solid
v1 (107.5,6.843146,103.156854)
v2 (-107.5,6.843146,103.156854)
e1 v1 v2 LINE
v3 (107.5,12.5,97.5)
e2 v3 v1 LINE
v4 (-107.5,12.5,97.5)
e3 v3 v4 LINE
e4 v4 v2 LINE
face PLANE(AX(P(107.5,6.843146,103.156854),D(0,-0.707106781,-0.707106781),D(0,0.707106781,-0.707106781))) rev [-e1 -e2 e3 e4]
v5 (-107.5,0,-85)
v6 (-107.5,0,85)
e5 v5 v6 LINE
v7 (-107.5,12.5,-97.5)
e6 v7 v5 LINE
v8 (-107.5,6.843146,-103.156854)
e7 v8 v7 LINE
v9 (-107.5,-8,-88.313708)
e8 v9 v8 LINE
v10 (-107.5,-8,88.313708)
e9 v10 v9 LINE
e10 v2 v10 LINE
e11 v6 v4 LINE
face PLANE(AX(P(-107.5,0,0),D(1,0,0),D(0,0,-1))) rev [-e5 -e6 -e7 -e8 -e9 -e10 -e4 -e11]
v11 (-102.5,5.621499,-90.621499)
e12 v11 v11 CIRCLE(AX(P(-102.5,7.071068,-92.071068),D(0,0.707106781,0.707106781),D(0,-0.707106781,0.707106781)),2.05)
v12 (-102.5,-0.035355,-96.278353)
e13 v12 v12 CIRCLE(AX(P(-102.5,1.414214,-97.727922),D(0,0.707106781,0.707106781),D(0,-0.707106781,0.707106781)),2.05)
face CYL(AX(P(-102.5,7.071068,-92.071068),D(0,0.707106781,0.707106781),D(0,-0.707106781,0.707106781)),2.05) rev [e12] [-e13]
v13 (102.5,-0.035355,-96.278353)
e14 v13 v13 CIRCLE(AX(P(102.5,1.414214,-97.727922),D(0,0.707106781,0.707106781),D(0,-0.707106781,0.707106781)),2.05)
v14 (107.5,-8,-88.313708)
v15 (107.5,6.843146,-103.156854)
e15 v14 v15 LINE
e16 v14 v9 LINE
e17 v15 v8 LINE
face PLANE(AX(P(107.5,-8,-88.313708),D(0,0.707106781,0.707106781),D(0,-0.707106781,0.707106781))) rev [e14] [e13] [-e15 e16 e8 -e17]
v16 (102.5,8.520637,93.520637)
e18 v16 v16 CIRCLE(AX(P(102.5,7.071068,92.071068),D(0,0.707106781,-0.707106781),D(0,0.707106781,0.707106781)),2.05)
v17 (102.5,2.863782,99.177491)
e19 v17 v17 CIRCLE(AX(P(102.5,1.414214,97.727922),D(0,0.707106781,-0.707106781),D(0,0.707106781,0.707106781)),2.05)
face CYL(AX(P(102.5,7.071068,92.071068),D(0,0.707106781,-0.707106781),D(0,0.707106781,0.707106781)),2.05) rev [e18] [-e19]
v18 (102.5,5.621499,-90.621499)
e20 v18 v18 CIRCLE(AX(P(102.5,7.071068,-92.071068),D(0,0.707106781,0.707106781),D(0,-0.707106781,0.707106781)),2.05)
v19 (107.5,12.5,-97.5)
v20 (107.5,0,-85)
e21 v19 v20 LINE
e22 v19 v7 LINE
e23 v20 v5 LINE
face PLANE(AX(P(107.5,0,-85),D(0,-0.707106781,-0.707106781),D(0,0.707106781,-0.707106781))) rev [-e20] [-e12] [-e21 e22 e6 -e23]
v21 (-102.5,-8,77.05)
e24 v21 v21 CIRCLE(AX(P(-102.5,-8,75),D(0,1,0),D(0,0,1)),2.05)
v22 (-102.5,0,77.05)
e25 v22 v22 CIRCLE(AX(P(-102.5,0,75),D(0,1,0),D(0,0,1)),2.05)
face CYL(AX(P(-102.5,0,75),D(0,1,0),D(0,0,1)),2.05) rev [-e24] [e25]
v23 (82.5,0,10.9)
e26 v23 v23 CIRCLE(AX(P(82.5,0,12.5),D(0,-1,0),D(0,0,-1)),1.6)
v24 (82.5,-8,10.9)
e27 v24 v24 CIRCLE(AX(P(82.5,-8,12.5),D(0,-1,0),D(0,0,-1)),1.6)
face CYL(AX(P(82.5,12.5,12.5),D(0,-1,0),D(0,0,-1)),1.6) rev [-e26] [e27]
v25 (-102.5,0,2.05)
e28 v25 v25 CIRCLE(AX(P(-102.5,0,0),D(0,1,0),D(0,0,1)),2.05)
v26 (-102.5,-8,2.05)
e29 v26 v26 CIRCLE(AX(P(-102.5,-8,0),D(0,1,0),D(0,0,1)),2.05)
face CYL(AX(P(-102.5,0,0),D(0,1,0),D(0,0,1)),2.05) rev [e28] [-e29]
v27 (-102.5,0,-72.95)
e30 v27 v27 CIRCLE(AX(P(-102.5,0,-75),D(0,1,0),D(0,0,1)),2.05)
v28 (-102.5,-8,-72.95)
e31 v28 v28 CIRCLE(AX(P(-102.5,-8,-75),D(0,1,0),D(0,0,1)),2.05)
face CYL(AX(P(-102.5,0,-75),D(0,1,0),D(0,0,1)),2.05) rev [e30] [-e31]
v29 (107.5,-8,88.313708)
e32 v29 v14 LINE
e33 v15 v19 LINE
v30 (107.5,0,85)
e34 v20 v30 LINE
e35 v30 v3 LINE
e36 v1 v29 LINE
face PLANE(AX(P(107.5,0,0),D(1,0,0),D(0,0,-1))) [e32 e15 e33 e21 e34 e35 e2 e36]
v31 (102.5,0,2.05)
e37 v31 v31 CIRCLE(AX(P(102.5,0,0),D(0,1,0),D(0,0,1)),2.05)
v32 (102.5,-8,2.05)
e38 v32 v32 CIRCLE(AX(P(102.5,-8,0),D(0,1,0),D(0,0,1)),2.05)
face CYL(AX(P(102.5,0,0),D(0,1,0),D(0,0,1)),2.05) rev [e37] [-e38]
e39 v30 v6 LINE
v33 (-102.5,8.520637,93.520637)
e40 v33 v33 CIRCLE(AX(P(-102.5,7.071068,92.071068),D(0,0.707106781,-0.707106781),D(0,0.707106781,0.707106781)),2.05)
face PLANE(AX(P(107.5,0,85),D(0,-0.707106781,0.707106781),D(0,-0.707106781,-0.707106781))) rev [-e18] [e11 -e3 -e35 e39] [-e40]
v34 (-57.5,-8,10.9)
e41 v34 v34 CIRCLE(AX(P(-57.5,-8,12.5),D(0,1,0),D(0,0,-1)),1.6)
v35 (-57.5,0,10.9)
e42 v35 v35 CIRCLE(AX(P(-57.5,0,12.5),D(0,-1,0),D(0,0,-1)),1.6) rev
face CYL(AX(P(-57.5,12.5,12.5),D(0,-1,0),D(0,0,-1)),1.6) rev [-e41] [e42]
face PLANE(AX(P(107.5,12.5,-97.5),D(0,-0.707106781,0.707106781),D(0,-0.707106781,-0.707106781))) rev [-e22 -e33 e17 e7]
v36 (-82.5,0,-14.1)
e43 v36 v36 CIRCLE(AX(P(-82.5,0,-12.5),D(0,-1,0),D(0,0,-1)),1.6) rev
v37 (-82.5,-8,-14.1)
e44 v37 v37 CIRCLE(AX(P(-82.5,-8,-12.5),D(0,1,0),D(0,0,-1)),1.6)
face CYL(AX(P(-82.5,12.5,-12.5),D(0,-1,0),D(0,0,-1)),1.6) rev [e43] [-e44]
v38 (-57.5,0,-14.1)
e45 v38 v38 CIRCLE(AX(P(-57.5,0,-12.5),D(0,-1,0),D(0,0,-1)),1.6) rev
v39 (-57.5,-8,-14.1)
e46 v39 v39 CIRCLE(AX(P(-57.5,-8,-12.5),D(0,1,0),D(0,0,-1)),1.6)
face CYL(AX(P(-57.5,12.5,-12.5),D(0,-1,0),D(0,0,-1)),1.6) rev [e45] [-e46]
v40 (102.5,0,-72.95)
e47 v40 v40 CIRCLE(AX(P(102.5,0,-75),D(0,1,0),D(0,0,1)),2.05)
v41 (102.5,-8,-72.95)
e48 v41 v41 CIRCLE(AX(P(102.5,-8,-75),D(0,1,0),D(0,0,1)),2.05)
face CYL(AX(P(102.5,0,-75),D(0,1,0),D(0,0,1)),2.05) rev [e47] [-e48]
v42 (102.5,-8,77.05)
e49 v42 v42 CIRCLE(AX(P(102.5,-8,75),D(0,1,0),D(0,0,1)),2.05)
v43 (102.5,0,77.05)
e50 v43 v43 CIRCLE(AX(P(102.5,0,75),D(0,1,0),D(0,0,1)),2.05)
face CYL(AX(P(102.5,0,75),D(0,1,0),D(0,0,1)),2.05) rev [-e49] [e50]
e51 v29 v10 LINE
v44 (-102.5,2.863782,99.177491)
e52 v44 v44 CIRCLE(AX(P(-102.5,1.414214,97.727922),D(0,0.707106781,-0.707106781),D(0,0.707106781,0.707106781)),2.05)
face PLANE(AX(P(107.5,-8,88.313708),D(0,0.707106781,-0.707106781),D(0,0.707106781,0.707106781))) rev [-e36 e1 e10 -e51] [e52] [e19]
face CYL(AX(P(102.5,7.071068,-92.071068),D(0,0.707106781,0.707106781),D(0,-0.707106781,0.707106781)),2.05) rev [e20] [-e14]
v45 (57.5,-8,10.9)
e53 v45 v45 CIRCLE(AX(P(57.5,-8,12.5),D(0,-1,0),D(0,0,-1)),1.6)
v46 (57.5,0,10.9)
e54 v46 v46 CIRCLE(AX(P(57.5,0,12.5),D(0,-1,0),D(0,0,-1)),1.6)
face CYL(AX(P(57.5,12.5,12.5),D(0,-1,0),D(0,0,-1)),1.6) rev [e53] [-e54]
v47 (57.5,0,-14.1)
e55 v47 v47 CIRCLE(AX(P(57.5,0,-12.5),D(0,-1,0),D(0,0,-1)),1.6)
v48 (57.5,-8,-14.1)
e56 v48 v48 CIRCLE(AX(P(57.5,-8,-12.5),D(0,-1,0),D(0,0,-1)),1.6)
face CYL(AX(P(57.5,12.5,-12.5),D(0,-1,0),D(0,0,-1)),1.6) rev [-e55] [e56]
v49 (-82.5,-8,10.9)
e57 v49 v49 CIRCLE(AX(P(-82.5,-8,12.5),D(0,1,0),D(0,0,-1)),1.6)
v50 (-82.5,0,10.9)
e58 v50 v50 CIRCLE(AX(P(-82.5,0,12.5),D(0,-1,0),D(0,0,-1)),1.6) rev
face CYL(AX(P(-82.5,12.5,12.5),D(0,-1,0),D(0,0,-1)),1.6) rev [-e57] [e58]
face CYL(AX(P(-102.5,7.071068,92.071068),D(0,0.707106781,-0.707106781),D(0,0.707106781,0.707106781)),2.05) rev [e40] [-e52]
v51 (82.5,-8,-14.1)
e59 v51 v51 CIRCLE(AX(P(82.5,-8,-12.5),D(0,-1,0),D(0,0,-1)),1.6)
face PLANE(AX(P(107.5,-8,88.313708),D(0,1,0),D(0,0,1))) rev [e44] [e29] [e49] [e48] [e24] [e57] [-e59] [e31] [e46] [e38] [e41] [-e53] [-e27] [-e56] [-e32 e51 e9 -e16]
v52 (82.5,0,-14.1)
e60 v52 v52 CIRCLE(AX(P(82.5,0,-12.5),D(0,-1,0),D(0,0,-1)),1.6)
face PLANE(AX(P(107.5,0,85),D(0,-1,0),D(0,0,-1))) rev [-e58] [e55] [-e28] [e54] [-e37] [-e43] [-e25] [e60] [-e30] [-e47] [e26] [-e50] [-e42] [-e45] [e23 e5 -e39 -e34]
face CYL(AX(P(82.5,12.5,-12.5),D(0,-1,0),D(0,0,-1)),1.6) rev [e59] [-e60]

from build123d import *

# Parameters (mm, degrees)
MAIN_DEPTH                      = 107.5
F_4_0MM_DOWEL_HOLE1_D           = 4.1
F_4_0MM_DOWEL_HOLE1_ON_FACE_2_D = 4.1
F_4_0MM_DOWEL_HOLE1_ON_FACE_3_D = 4.1
F_4_0MM_DOWEL_HOLE1_ON_FACE_4_D = 4.1
SKETCH4_R                       = 1.6
ATTACHMENT_SCREW_HOLES_DEPTH    = 151.392275662


with BuildPart() as part:
    # Sketch2 → Main (new, symmetric)
    with BuildSketch(Plane(origin=(0, 0, 0), x_dir=(0, 0, -1), z_dir=(1, 0, 0))):
        Polygon((-85, 0), (85, 0), (97.5, 12.5), (103.156854249, 6.843145751), (88.313708499, -8), (-88.313708499, -8), (-103.156854249, 6.843145751), (-97.5, 12.5), align=None)
    extrude(amount=MAIN_DEPTH, both=True)

    # Ø4.0mm Dowel Hole1 (through all)
    with Locations(Plane(origin=(-102.5, 7.071067812, -92.071067812), x_dir=(0, 0.707106781187, -0.707106781187), z_dir=(0, 0.707106781187, 0.707106781187))):
        with Locations((0, 0)):
            Hole(F_4_0MM_DOWEL_HOLE1_D / 2)

    # Ø4.0mm Dowel Hole1 on face 2 (through all)
    with Locations(Plane(origin=(-102.5, 0, -75), x_dir=(0, 0, 1), z_dir=(0, 1, 0))):
        with Locations((0, 0), (75, 0), (150, 0), (150, 205), (75, 205), (0, 205)):
            Hole(F_4_0MM_DOWEL_HOLE1_ON_FACE_2_D / 2)

    # Ø4.0mm Dowel Hole1 on face 3 (through all)
    with Locations(Plane(origin=(-102.5, 7.071067812, 92.071067812), x_dir=(0, -0.707106781187, -0.707106781187), z_dir=(0, 0.707106781187, -0.707106781187))):
        with Locations((0, 0), (0, -205)):
            Hole(F_4_0MM_DOWEL_HOLE1_ON_FACE_3_D / 2)

    # Ø4.0mm Dowel Hole1 on face 4 (through all)
    with Locations(Plane(origin=(102.5, 7.071067812, -92.071067812), x_dir=(0, 0.707106781187, -0.707106781187), z_dir=(0, 0.707106781187, 0.707106781187))):
        with Locations((0, 0)):
            Hole(F_4_0MM_DOWEL_HOLE1_ON_FACE_4_D / 2)

    # Sketch4 → Attachment screw holes (cut, through all)
    with BuildSketch(Plane.XZ.offset(8)):
        with Locations(Location((57.5, 12.5, 0), (0, 0, 270))):
            Circle(SKETCH4_R)
        with Locations(Location((82.5, 12.5, 0), (0, 0, 270))):
            Circle(SKETCH4_R)
        with Locations(Location((82.5, -12.5, 0), (0, 0, 270))):
            Circle(SKETCH4_R)
        with Locations(Location((57.5, -12.5, 0), (0, 0, 270))):
            Circle(SKETCH4_R)
    attachment_screw_holes = extrude(amount=-ATTACHMENT_SCREW_HOLES_DEPTH, mode=Mode.SUBTRACT)

    # Mirror1: Attachment screw holes across plane
    add(attachment_screw_holes.mirror(Plane(origin=(0, 0, 0), x_dir=(0, 0, 1), z_dir=(1, 0, 0))), mode=Mode.SUBTRACT)


solid = part.part
